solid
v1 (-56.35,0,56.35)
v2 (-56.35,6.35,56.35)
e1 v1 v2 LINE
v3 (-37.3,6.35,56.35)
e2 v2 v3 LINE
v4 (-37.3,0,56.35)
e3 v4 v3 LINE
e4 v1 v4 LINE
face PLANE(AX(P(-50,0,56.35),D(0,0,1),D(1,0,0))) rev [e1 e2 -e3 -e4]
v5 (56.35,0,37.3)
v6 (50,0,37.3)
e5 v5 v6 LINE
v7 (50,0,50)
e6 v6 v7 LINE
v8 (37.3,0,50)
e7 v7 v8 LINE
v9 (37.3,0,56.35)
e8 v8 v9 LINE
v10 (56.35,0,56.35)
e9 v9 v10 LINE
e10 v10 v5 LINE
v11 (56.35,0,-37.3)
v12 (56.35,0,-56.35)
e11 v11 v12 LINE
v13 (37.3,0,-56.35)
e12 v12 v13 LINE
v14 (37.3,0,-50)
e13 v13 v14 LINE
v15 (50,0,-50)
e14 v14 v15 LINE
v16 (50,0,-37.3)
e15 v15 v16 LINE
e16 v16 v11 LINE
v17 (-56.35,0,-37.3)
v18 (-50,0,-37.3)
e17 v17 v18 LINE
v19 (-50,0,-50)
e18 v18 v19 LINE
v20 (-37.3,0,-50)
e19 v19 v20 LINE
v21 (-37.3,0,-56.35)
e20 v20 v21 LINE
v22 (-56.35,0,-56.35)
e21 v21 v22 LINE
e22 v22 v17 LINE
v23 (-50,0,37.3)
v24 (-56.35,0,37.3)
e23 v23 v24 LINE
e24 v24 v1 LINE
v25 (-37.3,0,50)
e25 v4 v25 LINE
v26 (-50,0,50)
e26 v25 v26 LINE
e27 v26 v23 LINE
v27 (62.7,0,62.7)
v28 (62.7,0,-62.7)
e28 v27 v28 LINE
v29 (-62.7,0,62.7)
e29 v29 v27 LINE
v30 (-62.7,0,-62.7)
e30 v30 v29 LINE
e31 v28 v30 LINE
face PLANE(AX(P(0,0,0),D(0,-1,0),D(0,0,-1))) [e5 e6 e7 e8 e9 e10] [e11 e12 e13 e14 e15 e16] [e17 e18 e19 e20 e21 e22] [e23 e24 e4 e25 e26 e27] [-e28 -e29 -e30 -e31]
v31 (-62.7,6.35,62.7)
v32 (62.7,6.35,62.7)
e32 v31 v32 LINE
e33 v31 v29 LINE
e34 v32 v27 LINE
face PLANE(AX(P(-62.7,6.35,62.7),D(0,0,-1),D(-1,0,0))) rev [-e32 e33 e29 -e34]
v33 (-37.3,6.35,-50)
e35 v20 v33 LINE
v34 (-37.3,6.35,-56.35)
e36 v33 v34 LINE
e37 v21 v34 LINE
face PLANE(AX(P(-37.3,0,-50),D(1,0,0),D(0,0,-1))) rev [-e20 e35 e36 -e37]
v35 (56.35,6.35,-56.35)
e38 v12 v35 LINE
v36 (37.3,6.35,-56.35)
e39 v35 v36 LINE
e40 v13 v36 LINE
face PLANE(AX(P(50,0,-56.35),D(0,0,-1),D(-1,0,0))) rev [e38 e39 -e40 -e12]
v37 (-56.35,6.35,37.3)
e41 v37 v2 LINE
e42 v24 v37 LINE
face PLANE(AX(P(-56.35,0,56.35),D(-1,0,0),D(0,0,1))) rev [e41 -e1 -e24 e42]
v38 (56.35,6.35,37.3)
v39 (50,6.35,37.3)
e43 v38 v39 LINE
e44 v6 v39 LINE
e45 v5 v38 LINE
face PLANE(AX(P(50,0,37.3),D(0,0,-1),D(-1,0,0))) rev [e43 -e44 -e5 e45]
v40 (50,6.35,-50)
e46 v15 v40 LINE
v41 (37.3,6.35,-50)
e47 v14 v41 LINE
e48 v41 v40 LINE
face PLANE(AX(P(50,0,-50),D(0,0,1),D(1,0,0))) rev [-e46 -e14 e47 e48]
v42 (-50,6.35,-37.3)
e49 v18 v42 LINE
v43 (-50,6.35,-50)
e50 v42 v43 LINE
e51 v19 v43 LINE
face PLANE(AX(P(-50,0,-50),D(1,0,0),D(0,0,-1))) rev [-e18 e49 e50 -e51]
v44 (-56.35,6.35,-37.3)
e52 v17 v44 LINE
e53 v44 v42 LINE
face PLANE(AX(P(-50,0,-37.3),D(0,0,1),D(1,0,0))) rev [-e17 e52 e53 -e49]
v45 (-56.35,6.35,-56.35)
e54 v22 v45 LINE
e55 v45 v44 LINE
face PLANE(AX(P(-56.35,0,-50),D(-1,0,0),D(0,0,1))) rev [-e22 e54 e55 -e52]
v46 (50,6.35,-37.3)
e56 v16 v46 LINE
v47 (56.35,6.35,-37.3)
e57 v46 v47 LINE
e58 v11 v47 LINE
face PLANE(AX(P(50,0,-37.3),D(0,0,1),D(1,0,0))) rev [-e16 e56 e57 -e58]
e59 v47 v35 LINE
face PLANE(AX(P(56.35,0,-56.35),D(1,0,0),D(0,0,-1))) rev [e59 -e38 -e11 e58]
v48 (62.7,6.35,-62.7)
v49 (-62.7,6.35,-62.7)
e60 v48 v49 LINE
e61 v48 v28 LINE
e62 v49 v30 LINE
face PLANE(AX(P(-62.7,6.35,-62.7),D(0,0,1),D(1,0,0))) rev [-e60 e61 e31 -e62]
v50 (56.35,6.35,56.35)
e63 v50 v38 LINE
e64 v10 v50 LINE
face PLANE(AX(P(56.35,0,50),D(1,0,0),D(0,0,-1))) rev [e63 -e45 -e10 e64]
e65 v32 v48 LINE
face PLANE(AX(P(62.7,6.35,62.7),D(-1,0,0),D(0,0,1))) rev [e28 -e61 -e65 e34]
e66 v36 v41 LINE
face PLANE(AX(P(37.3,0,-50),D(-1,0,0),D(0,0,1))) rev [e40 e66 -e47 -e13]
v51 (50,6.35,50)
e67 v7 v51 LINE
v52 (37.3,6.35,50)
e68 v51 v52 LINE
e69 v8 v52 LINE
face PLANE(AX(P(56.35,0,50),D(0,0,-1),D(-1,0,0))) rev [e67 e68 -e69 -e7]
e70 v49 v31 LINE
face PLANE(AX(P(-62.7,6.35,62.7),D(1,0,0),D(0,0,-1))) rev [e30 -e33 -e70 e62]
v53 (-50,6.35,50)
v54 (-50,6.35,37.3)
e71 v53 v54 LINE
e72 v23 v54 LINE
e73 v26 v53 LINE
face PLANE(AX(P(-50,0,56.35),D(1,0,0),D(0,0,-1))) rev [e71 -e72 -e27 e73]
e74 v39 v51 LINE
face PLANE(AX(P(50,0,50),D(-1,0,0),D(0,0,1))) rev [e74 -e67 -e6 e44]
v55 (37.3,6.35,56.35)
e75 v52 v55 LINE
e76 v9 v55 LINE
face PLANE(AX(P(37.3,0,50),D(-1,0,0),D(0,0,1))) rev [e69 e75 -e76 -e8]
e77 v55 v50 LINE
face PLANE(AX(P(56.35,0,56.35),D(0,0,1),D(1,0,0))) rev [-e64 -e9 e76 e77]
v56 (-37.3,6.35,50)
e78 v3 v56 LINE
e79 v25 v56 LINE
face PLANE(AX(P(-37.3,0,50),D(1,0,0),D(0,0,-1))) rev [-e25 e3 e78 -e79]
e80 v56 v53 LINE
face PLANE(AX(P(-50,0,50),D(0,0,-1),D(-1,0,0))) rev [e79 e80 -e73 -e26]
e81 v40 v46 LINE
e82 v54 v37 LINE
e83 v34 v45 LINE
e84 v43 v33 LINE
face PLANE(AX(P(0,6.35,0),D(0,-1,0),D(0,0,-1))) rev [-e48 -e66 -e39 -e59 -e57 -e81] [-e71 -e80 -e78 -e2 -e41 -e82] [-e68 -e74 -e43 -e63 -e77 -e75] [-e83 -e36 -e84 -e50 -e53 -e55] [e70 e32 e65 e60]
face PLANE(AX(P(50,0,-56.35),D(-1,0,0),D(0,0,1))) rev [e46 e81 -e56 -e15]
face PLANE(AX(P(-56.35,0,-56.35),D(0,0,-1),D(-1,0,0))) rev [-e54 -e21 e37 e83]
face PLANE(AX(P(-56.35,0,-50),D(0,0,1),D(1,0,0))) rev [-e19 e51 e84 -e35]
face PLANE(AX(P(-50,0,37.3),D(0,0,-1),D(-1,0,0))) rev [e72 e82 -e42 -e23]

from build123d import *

# Parameters (mm, degrees)
SKETCH1_W           = 125.4
SKETCH1_H           = 125.4
BOSS_EXTRUDE1_DEPTH = 6.35
SKETCH4_W           = 6.35
SKETCH4_H           = 12.7
CUT_EXTRUDE1_DEPTH  = 89.898270512
SKETCH5_W           = 19.05
SKETCH5_H           = 6.35
CUT_EXTRUDE2_DEPTH  = 89.898270512
CIRPATTERN1_COUNT   = 4
CIRPATTERN2_COUNT   = 4


with BuildPart() as part:
    # Sketch1 → Boss-Extrude1 (new body)
    with BuildSketch(Plane(origin=(0, 0, 0), x_dir=(1, 0, 0), z_dir=(0, 1, 0))):
        Rectangle(SKETCH1_W, SKETCH1_H)
    extrude(amount=BOSS_EXTRUDE1_DEPTH)

    # Sketch4 → Cut-Extrude1 (cut, through all)
    with BuildSketch(Plane(origin=(0, 6.35, 0), x_dir=(1, 0, 0), z_dir=(0, 1, 0))):
        with Locations((-53.175, 43.65)):
            Rectangle(SKETCH4_W, SKETCH4_H)
    cut_extrude1 = extrude(amount=-CUT_EXTRUDE1_DEPTH, mode=Mode.SUBTRACT)

    # Sketch5 → Cut-Extrude2 (cut, through all)
    with BuildSketch(Plane(origin=(0, 6.35, 0), x_dir=(1, 0, 0), z_dir=(0, 1, 0))):
        with Locations((-46.825, 53.175)):
            Rectangle(SKETCH5_W, SKETCH5_H)
    cut_extrude2 = extrude(amount=-CUT_EXTRUDE2_DEPTH, mode=Mode.SUBTRACT)

    # CirPattern1: Cut-Extrude1 ×4 about axis
    cirpattern1_axis = Axis((0, 6.35, 0), (0, 1, 0))
    for i in range(1, CIRPATTERN1_COUNT):
        add(cut_extrude1.rotate(cirpattern1_axis, i * 360 / CIRPATTERN1_COUNT), mode=Mode.SUBTRACT)

    # CirPattern2: Cut-Extrude2 ×4 about axis
    cirpattern2_axis = Axis((0, 6.35, 0), (0, 1, 0))
    for i in range(1, CIRPATTERN2_COUNT):
        add(cut_extrude2.rotate(cirpattern2_axis, i * 360 / CIRPATTERN2_COUNT), mode=Mode.SUBTRACT)


solid = part.part
